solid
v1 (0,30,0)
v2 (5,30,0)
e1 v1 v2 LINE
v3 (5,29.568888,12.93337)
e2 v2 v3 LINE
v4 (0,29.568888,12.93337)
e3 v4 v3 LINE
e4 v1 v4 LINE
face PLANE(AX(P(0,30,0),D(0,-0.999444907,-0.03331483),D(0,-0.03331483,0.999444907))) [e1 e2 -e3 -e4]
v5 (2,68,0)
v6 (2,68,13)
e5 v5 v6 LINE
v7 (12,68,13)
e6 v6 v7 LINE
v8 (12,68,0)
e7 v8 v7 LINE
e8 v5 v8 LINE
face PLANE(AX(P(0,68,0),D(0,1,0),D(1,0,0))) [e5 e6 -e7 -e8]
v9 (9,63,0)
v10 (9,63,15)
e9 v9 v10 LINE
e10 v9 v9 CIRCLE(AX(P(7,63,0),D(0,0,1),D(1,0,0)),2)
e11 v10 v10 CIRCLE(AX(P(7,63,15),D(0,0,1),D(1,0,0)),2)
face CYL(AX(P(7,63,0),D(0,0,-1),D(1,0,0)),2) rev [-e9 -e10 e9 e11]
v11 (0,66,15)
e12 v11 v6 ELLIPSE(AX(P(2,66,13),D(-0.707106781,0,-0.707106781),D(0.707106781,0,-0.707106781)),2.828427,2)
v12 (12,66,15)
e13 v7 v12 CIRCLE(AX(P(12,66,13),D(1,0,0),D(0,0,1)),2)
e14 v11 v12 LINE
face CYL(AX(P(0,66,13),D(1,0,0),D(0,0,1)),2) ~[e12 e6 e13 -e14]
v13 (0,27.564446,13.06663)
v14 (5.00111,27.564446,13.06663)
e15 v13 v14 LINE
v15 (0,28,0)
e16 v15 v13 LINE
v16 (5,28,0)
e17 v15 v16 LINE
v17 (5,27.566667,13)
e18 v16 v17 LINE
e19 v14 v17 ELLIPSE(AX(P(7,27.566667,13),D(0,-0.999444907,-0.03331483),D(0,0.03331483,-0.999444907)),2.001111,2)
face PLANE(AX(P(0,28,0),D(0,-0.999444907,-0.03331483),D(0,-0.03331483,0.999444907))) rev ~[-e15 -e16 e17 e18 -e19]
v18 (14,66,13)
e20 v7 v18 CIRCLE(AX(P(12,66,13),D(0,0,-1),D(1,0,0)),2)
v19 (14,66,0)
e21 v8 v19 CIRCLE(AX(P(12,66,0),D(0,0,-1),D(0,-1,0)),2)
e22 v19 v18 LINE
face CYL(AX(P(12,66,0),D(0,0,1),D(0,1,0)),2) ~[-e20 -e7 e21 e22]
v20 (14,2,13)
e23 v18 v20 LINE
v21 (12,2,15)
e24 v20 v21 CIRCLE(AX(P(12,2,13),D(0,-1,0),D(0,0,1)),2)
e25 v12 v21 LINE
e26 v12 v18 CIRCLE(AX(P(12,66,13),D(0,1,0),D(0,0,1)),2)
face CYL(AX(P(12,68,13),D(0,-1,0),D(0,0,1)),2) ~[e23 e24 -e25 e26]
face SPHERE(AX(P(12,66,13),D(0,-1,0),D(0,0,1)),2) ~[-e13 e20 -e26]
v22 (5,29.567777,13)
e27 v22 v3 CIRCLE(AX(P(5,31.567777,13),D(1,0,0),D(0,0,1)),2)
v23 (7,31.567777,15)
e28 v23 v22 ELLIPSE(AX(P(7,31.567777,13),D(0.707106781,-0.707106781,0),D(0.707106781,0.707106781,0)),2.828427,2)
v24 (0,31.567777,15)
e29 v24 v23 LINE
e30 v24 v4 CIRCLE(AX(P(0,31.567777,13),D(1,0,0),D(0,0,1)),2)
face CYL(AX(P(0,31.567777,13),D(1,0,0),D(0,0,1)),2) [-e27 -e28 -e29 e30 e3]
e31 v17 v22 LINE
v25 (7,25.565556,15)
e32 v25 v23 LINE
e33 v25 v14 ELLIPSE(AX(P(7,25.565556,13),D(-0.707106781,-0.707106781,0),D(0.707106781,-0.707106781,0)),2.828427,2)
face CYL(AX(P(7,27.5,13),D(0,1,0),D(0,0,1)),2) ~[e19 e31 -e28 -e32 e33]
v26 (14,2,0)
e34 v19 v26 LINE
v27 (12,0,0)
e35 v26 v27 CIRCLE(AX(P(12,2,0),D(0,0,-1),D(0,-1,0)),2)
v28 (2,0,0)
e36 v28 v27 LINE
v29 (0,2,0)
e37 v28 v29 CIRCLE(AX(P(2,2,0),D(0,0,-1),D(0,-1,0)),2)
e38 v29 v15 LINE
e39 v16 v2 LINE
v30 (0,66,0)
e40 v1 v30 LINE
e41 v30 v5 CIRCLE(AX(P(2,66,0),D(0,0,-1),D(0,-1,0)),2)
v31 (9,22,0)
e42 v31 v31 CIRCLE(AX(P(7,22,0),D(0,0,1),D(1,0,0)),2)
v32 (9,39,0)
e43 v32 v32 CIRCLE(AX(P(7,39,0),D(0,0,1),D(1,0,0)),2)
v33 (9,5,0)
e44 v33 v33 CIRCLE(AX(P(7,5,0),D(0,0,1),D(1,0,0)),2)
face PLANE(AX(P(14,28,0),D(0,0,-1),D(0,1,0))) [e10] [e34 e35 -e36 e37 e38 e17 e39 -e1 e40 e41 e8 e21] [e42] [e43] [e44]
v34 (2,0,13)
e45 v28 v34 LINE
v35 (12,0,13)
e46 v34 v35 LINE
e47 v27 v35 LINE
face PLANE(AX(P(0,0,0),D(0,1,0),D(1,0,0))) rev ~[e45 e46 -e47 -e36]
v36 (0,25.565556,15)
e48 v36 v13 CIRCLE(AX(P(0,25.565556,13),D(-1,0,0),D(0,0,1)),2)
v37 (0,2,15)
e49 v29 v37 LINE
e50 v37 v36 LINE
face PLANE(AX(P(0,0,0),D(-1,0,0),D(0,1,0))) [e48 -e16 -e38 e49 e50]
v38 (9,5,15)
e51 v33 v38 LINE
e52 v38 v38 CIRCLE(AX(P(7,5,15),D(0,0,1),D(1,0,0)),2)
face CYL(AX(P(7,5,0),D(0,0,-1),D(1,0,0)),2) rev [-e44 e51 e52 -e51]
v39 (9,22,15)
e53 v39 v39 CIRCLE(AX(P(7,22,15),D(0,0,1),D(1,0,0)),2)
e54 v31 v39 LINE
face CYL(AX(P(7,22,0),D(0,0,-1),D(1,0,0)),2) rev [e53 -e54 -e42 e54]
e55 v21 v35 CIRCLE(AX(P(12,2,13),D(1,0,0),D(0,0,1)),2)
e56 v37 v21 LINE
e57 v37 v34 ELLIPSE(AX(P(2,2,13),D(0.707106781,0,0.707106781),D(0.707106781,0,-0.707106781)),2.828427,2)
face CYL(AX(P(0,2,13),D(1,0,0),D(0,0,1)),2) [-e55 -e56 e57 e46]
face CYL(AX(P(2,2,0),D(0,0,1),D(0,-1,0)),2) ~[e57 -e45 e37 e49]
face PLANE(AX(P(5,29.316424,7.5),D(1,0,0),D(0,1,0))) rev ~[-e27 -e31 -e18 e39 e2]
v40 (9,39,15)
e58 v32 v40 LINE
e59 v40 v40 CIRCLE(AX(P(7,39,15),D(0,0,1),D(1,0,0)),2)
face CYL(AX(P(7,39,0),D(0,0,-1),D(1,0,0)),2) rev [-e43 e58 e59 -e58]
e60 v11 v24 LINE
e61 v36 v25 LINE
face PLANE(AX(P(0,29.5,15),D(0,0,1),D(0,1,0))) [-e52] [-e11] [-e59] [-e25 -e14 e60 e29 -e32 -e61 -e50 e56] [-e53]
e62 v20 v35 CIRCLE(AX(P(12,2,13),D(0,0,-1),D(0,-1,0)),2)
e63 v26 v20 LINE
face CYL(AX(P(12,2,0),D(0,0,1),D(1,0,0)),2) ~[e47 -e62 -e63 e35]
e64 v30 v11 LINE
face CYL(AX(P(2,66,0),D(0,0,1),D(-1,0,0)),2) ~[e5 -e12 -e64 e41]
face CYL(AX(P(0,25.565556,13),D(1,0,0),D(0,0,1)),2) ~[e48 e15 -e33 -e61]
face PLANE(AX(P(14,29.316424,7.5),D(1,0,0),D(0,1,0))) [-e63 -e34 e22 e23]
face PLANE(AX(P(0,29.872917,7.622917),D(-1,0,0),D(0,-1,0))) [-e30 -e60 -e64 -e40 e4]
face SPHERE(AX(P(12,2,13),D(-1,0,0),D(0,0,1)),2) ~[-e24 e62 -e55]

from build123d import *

# Parameters (mm, degrees)
F0_W     = 14
F0_H     = 28
F0_R     = 2
F1_DEPTH = 15
F0_H_2   = 38
F2_W     = 2.6328479201
F2_H     = 15
F3_DEPTH = 9
F5_DEPTH = 5
F7_DEPTH = 5
F8_R     = 2


with BuildPart() as f1:
    # F0 (on Top) → F1 (new body)
    with BuildSketch(Plane.XY):
        with Locations((7, 14)):
            Rectangle(F0_W, F0_H)
        with Locations((7, 5)):
            Circle(F0_R, mode=Mode.SUBTRACT)
        with Locations((7, 22)):
            Circle(F0_R, mode=Mode.SUBTRACT)
    extrude(amount=F1_DEPTH)



with BuildPart() as f1b:
    # F0 (on Top) → F1, piece 2 (new body)
    with BuildSketch(Plane.XY):
        with Locations((7, 49)):
            Rectangle(F0_W, F0_H_2)
        with Locations((7, 39)):
            Circle(F0_R, mode=Mode.SUBTRACT)
        with Locations((7, 63)):
            Circle(F0_R, mode=Mode.SUBTRACT)
    extrude(amount=F1_DEPTH)


with BuildPart() as f1_1:
    add(f1.part)

    add(f1b.part)  # F3 merges F1b
    # F2 (on face) → F3 (join)
    with BuildSketch(Plane.YZ.offset(14)):
        with Locations((29.31642396, 7.5)):
            Rectangle(F2_W, F2_H)
    extrude(amount=-F3_DEPTH)

    # F4 (on face) → F5 (cut)
    with BuildSketch(Plane(origin=(0, 0, 0), x_dir=(0, -1, 0), z_dir=(-1, 0, 0))):
        Polygon((-28, 15), (-28, 0), (-27.5, 15), align=None)
    extrude(amount=-F5_DEPTH, mode=Mode.SUBTRACT)

    # F6 (on face) → F7 (join)
    with BuildSketch(Plane(origin=(0, 0, 0), x_dir=(0, -1, 0), z_dir=(-1, 0, 0))):
        Polygon((-29.5, 15), (-30, 15), (-30, 0), align=None)
    extrude(amount=-F7_DEPTH)

    # F8
    f8_edges = [f1_1.edges().sort_by_distance(p)[0] for p in [
        (2.5, 29.5, 15),
        (5, 28.5, 15),
        (2.5, 27.5, 15),
        (7, 0, 15),
        (14, 34, 15),
        (7, 68, 15),
        (14, 0, 7.5),
        (14, 68, 7.5),
        (0, 68, 7.5),
        (0, 0, 7.5),
    ]]
    fillet(f8_edges, radius=F8_R)


solid = f1_1.part
